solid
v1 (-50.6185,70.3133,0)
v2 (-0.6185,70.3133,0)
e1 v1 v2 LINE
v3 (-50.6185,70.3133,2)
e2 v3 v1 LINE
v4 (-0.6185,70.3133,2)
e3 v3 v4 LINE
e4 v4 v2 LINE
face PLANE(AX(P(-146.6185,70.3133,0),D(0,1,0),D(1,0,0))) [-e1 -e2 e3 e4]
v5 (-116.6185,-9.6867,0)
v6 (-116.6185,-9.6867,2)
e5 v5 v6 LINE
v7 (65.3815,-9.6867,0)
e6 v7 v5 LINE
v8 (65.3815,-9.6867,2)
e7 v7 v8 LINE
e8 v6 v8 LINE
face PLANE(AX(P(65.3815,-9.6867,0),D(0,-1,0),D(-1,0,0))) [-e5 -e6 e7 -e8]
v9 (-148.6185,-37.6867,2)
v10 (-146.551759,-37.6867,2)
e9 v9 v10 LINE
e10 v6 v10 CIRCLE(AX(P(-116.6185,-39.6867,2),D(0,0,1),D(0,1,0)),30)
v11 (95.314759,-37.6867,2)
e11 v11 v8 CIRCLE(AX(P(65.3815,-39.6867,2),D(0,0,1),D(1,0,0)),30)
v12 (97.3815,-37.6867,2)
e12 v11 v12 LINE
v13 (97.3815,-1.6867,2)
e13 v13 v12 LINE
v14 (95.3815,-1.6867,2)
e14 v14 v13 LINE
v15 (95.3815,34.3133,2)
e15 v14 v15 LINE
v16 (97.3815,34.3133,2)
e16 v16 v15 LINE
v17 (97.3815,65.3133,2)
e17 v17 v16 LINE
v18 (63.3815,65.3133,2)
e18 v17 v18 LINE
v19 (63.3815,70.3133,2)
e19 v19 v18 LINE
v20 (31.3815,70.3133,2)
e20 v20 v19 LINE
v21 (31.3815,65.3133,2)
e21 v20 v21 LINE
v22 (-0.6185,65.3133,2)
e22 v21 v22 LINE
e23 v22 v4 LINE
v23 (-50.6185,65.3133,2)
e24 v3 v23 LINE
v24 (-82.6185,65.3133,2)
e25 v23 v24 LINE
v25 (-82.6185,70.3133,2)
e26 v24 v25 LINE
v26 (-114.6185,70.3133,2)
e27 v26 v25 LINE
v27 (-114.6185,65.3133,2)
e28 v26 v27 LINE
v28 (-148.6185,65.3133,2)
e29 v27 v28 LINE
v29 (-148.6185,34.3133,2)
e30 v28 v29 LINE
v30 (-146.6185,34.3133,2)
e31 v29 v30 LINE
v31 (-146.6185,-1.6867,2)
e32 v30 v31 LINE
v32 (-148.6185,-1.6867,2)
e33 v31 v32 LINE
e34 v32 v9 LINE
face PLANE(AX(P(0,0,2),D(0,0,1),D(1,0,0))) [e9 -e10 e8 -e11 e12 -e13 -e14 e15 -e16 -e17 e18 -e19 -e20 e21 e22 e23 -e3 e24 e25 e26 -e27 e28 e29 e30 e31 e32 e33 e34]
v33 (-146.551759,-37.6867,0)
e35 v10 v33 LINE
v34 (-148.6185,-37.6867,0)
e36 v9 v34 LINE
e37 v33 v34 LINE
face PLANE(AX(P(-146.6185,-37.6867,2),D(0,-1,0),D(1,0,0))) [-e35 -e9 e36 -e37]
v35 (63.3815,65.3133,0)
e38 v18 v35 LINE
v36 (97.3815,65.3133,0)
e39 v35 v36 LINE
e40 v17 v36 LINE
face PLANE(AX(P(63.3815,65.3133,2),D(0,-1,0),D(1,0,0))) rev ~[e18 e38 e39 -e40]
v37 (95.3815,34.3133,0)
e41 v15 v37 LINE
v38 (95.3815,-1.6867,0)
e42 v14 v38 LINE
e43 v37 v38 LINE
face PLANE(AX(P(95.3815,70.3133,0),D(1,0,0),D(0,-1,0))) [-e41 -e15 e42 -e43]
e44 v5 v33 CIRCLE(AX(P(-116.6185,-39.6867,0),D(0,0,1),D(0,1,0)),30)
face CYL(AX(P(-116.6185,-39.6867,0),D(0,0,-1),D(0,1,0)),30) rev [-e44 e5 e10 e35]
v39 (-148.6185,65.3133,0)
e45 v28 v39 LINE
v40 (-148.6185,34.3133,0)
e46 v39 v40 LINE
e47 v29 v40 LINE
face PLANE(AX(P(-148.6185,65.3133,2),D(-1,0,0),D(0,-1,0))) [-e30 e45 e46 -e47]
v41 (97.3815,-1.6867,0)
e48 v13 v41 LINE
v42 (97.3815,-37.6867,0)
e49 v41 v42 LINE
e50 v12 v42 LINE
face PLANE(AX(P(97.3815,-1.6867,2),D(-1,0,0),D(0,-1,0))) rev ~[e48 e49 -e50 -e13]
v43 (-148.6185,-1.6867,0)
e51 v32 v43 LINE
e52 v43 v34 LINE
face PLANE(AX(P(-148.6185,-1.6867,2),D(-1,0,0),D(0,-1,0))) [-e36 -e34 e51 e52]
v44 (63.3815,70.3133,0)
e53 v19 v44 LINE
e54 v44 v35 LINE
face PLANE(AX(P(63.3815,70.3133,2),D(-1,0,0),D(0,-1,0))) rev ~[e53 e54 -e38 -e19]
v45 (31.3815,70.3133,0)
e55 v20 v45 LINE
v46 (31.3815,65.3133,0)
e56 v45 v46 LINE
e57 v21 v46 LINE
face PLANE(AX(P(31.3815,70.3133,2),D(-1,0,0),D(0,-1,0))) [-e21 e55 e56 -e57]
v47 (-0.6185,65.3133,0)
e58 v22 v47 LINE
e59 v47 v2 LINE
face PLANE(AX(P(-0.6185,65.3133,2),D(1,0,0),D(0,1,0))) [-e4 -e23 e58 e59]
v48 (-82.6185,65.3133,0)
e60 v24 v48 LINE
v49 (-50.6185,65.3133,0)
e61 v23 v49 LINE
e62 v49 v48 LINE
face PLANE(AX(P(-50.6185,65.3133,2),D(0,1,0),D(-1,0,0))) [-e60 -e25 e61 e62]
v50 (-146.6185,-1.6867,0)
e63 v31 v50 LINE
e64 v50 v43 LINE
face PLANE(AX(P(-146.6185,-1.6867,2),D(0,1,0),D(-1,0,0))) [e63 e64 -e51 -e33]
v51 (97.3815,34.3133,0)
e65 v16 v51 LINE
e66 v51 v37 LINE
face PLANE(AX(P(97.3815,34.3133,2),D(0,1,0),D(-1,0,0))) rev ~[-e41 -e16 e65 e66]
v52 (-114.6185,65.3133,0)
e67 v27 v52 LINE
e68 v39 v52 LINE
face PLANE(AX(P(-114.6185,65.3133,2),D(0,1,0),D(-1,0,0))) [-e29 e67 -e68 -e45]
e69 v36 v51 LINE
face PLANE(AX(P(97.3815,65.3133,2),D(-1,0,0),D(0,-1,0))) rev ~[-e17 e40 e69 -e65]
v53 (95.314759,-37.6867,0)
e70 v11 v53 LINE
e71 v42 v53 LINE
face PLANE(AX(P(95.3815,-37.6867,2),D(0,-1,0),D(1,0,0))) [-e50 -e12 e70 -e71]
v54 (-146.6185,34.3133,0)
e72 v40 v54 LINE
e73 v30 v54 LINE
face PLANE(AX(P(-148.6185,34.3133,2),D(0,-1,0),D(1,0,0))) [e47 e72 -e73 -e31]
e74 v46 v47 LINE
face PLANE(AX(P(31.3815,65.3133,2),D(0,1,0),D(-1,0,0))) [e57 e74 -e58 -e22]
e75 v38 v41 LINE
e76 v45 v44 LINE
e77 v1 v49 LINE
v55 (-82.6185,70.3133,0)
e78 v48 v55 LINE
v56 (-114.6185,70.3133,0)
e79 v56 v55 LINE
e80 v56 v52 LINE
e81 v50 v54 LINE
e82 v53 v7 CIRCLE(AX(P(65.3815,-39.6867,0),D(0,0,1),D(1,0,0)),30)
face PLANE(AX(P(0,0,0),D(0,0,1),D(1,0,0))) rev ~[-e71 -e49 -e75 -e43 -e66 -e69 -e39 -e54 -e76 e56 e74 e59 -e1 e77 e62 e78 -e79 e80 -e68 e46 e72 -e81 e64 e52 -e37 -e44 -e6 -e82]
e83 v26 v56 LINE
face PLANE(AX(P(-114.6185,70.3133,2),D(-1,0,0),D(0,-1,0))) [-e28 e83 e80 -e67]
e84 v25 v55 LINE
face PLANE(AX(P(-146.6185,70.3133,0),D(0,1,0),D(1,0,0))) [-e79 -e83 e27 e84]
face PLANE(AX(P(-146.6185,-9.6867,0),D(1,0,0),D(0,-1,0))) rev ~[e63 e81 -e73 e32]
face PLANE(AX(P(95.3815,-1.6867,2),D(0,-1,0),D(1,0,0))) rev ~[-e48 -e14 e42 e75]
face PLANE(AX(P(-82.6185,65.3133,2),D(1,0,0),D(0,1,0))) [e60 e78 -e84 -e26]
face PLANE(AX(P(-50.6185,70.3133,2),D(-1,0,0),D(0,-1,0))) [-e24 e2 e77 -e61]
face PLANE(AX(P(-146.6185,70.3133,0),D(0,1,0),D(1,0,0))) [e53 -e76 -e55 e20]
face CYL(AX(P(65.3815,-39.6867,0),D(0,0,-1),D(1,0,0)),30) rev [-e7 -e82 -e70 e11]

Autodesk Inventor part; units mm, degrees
ref_plane "YZ Plane" through (0, 0, 0) normal (1, 0, 0) x (0, 1, 0)
ref_plane "XZ Plane" through (0, 0, 0) normal (0, 1, 0) x (-1, 0, 0)
ref_plane "XY Plane" through (0, 0, 0) normal (0, 0, 1) x (1, 0, 0)
sketch "Sketch1" plane through (0, 0, 0) normal (0, 0, 1) x (1, 0, 0)
  line L0 (-146.6185, 70.3133) -> (95.3815, 70.3133)
  line L1 (95.3815, 70.3133) -> (95.3815, -9.6867)
  line L2 (2.9423, -9.6867) -> (-45.2664, -9.6867)
  line L3 (-146.6185, -9.6867) -> (-146.6185, 70.3133)
  line L4 (-116.6185, -9.6867) -> (-45.2664, -9.6867)
  line L5 (65.3815, -9.6867) -> (2.9423, -9.6867)
  arc A0 (-116.6185, -9.6867) -> (-146.6185, -39.6867) centre (-116.6185, -39.6867) ccw
  arc A1 (95.3815, -39.6867) -> (65.3815, -9.6867) centre (65.3815, -39.6867) ccw
  line L6 (-146.6185, -9.6867) -> (-146.6185, -39.6867)
  line L7 (95.3815, -9.6867) -> (95.3815, -39.6867)
  point P0 (0, 0)
  dimension "d0" = 242
  dimension "d1" = 80
  dimension "d2" = 30
extrude "Extrusion1" add sketch "Sketch1" along normal blind 2
sketch "Sketch2" plane through (0, 0, 2) normal (0, 0, 1) x (1, 0, 0)
  line L0 (95.3815, 70.3133) -> (-146.6185, 70.3133) projected
  line L1 (-146.6185, 70.3133) -> (-114.6185, 70.3133)
  line L2 (-114.6185, 70.3133) -> (-114.6185, 65.3133)
  line L3 (-114.6185, 65.3133) -> (-146.6185, 65.3133)
  line L4 (-146.6185, 65.3133) -> (-146.6185, 70.3133)
  line L5 (-82.6185, 70.3133) -> (-50.6185, 70.3133)
  line L6 (-50.6185, 70.3133) -> (-50.6185, 65.3133)
  line L7 (-50.6185, 65.3133) -> (-82.6185, 65.3133)
  line L8 (-82.6185, 65.3133) -> (-82.6185, 70.3133)
  line L9 (-0.6185, 70.3133) -> (31.3815, 70.3133)
  line L10 (31.3815, 70.3133) -> (31.3815, 65.3133)
  line L11 (31.3815, 65.3133) -> (-0.6185, 65.3133)
  line L12 (-0.6185, 65.3133) -> (-0.6185, 70.3133)
  line L13 (95.3815, -39.6867) -> (95.3815, 70.3133) projected
  line L14 (95.3815, 70.3133) -> (63.3815, 70.3133)
  line L15 (63.3815, 70.3133) -> (63.3815, 65.3133)
  line L16 (63.3815, 65.3133) -> (95.3815, 65.3133)
  line L17 (95.3815, 65.3133) -> (95.3815, 70.3133)
  point P0 (0, 0)
  dimension "d5" = 32
  dimension "d6" = 32
  dimension "d7" = 32
  dimension "d8" = 32
  dimension "d9" = 32
  dimension "d10" = 32
  dimension "d11" = 50
  dimension "d12" = 5
extrude "Extrusion2" cut sketch "Sketch2" against normal blind 2
sketch "Sketch3" plane through (0, 0, 2) normal (0, 0, 1) x (1, 0, 0)
  line L0 (-146.6185, 65.3133) -> (-146.6185, -39.6867) projected
  line L1 (-146.6185, 65.3133) -> (-148.6185, 65.3133)
  line L2 (-148.6185, 65.3133) -> (-148.6185, 34.3133)
  line L3 (-148.6185, 34.3133) -> (-146.6185, 34.3133)
  line L4 (-146.6185, 34.3133) -> (-146.6185, 65.3133)
  line L5 (-146.6185, -1.6867) -> (-148.6185, -1.6867)
  line L6 (-148.6185, -1.6867) -> (-148.6185, -37.6867)
  line L7 (-146.6185, -37.6867) -> (-146.6185, -1.6867)
  line L8 (95.3815, -39.6867) -> (95.3815, 65.3133) projected
  line L9 (95.3815, 65.3133) -> (97.3815, 65.3133)
  line L10 (97.3815, 65.3133) -> (97.3815, 34.3133)
  line L11 (97.3815, 34.3133) -> (95.3815, 34.3133)
  line L12 (95.3815, 34.3133) -> (95.3815, 65.3133)
  line L13 (95.3815, -1.6867) -> (97.3815, -1.6867)
  line L14 (97.3815, -1.6867) -> (97.3815, -37.6867)
  line L15 (95.3815, -37.6867) -> (95.3815, -1.6867)
  line L16 (-148.6185, -37.6867) -> (-146.6185, -37.6867)
  line L17 (95.3815, -39.6867) -> (95.3815, 65.3133) projected
  line L18 (95.3815, -37.6867) -> (97.3815, -37.6867)
  point P0 (-146.6185, -37.6867)
  point P1 (95.3815, -37.6867)
  dimension "d34" = 31
  dimension "d35" = 36
  dimension "d36" = 2
  dimension "d37" = 2
  dimension "d39" = 36
  dimension "d40" = 36
extrude "Extrusion3" add sketch "Sketch3" against normal blind 2
sketch "Sketch4" plane through (0, 0, 2) normal (0, 0, 1) x (1, 0, 0)
  line L0 (-148.6185, -37.6867) -> (-146.6185, -37.6867) projected
  line L1 (-148.6185, -37.6867) -> (112.9742, -37.6867)
  line L2 (112.9742, -37.6867) -> (112.9742, -65.6367)
  line L3 (112.9742, -65.6367) -> (-148.6185, -65.6367)
  line L4 (-148.6185, -65.6367) -> (-148.6185, -37.6867)
  point P0 (0, 0)
extrude "Extrusion4" cut sketch "Sketch4" against normal blind 2
properties part number "front"
